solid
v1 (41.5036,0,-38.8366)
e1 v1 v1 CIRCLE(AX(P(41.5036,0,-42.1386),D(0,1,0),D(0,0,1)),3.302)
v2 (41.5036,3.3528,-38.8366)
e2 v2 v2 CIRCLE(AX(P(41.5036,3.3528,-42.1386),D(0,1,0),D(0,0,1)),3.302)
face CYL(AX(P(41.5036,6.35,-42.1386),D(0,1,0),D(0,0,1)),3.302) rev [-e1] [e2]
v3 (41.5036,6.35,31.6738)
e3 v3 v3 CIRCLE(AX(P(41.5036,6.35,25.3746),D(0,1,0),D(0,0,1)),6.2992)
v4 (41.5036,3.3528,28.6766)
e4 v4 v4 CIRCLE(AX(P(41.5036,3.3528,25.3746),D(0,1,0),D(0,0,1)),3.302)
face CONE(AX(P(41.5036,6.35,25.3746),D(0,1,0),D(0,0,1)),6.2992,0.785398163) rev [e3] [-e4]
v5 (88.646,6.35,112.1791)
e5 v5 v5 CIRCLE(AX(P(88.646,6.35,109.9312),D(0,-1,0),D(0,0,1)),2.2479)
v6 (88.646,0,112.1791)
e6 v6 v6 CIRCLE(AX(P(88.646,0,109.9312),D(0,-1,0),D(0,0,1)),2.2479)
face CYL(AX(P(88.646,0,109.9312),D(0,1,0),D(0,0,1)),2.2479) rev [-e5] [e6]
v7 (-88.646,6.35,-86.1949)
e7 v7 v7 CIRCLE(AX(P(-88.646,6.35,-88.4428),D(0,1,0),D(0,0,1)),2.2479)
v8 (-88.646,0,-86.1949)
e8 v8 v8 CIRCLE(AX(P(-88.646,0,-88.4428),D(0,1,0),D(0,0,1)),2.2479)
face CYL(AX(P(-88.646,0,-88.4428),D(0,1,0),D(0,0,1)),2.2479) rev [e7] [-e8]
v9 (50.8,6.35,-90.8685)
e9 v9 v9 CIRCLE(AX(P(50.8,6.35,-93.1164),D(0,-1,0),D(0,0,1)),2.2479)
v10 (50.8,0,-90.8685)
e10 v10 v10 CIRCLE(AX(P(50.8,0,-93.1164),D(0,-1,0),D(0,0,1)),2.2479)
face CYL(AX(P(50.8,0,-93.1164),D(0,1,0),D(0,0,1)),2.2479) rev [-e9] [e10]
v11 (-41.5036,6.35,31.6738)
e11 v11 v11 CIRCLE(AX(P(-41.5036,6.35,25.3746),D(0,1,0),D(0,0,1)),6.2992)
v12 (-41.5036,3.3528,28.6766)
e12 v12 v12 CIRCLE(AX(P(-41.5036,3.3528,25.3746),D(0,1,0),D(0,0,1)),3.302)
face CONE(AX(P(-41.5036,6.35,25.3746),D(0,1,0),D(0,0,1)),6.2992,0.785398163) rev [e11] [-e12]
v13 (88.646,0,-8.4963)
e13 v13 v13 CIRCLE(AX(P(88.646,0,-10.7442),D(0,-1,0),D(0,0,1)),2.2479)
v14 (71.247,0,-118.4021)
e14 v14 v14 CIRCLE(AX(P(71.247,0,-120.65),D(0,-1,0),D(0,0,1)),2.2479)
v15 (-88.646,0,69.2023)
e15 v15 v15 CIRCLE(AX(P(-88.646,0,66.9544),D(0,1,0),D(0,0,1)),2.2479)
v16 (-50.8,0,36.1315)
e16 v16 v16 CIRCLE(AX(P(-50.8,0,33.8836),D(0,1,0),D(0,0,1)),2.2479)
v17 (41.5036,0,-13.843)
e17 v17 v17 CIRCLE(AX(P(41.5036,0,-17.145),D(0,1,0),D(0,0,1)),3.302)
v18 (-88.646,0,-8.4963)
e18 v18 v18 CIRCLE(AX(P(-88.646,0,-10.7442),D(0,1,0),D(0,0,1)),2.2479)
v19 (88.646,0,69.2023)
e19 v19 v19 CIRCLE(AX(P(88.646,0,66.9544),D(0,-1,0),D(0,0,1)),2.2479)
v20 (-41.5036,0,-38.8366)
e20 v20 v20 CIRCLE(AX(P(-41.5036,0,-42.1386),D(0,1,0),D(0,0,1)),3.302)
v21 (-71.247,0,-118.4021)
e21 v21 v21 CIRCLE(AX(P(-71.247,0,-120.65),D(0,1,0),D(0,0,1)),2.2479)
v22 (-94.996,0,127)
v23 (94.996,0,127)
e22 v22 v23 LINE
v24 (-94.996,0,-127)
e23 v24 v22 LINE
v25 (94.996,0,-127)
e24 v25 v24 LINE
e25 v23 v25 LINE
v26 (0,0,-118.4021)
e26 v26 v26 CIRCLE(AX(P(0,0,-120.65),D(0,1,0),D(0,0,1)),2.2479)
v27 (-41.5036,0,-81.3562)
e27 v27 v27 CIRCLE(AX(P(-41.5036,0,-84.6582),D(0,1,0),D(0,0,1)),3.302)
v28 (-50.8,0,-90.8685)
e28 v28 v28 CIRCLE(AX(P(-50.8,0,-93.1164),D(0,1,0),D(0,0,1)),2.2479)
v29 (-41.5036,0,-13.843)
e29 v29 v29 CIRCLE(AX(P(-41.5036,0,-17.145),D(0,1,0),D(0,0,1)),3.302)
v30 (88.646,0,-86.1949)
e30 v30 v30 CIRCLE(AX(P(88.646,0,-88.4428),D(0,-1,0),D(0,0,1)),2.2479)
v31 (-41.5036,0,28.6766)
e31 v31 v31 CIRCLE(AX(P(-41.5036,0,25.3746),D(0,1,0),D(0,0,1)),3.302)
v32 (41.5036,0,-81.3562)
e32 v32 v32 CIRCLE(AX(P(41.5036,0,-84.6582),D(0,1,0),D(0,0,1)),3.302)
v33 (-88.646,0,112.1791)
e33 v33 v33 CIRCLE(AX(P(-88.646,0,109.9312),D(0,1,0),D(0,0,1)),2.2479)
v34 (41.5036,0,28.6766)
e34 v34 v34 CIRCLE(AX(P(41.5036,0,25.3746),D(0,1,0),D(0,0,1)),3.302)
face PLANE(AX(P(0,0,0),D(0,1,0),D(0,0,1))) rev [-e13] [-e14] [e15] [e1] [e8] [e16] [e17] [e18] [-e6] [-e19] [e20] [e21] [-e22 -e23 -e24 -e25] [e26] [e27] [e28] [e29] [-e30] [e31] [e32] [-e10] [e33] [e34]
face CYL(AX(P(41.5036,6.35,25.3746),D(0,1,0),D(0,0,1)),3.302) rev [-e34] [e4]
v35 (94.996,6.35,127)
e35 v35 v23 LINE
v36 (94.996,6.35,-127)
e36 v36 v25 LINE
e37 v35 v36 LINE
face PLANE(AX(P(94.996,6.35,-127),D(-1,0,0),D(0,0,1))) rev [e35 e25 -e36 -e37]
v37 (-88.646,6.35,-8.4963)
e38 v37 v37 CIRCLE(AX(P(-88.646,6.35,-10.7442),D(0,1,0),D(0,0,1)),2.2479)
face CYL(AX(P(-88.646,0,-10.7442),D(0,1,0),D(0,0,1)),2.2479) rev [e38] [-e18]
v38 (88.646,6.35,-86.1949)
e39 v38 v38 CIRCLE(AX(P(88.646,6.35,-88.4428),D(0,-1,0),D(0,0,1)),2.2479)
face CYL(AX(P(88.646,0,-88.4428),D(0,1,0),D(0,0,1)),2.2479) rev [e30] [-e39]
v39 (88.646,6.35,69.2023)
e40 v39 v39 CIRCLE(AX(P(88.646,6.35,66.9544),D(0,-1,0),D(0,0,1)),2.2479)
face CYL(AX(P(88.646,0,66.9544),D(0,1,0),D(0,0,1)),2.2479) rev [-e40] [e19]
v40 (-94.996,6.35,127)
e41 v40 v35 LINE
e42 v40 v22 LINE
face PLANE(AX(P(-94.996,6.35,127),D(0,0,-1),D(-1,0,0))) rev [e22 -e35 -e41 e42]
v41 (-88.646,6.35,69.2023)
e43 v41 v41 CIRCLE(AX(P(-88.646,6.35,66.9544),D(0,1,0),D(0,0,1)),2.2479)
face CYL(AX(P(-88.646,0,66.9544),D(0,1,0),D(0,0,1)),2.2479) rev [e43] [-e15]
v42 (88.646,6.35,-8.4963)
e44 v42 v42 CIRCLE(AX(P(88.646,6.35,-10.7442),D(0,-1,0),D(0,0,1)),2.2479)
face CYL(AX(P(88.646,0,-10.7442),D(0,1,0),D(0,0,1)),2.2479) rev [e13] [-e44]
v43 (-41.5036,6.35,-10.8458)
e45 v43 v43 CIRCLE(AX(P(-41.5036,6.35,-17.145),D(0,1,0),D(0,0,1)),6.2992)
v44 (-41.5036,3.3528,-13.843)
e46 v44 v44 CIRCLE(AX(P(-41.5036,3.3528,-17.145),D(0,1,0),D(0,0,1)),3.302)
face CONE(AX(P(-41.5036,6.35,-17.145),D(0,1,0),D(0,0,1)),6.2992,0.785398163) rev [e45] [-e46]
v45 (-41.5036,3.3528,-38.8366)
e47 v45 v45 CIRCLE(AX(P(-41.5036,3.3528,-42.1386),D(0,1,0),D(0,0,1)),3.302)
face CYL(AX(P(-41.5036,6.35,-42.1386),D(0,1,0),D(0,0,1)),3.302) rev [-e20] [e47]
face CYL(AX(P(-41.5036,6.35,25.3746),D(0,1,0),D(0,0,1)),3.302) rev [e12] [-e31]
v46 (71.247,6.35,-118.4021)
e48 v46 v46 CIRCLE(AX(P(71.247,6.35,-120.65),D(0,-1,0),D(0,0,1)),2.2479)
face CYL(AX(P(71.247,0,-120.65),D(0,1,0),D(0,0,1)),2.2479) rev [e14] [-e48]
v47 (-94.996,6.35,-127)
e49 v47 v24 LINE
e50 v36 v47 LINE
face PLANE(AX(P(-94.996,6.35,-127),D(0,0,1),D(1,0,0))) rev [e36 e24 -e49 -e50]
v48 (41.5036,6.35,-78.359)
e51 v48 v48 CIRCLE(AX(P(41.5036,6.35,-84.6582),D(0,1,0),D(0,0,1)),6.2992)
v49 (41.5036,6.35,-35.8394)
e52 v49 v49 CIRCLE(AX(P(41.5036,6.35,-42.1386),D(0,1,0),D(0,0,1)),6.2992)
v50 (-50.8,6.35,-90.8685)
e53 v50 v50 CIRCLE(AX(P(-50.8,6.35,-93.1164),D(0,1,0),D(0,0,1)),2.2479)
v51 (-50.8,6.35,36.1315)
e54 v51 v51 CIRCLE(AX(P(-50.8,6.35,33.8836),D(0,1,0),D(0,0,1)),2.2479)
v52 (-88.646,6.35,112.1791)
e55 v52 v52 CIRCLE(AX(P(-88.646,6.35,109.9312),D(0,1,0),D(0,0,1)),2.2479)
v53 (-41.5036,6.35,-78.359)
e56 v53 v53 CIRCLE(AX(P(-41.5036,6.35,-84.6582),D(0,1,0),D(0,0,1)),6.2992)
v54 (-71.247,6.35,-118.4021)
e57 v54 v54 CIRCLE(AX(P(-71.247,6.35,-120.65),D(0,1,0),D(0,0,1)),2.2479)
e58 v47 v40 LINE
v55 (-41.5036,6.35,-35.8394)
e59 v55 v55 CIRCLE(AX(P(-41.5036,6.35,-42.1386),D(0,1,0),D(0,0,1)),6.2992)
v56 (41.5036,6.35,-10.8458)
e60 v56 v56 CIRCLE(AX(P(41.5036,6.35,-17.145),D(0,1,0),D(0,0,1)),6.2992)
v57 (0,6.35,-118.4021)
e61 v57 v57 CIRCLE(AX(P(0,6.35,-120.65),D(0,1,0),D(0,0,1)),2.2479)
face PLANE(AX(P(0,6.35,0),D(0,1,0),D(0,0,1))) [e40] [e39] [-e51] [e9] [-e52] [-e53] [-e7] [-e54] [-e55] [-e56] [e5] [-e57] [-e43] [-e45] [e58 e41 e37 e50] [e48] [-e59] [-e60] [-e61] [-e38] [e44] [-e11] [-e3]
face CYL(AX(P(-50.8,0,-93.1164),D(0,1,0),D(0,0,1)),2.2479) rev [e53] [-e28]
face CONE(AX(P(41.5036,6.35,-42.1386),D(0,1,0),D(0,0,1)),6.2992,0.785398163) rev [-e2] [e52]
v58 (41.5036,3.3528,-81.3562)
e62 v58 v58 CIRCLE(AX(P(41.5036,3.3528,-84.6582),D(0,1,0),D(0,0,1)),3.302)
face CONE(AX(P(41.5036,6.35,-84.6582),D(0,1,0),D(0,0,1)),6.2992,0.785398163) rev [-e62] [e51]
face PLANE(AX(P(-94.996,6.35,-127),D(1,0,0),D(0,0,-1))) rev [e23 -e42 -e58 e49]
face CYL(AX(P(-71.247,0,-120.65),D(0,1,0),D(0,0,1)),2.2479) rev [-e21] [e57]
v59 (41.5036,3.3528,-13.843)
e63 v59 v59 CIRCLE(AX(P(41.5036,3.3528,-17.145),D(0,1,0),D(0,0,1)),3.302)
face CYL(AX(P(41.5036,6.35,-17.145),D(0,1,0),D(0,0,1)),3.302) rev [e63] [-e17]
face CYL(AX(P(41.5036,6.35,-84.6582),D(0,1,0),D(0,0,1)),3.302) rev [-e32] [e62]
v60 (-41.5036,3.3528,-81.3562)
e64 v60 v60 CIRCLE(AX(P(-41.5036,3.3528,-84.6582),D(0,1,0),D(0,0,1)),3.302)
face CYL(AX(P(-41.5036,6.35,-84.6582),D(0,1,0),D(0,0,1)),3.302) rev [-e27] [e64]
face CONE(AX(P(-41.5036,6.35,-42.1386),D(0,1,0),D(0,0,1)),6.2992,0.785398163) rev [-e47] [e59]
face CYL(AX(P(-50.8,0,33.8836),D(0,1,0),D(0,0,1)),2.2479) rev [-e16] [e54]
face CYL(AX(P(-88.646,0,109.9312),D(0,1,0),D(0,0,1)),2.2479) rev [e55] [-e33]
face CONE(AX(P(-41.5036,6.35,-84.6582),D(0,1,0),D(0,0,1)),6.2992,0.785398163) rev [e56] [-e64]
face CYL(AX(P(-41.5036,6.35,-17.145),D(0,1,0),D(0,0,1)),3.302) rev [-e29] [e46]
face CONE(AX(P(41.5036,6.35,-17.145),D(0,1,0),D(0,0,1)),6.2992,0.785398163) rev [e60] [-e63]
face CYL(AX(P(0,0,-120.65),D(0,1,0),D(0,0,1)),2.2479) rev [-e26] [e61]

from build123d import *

# Parameters (mm, degrees)
SKETCH1_W                                    = 189.992
SKETCH1_H                                    = 254
BOSS_EXTRUDE1_DEPTH                          = 6.35
SKETCH3_R                                    = 2.2479
CUT_EXTRUDE1_DEPTH                           = 7.35
SKETCH4_R                                    = 2.2479
CUT_EXTRUDE2_DEPTH                           = 7.35
CSK_FOR_M6_COUNTERSUNK_FLAT_HEAD_SCR_2_COUNT = 2
CSK_FOR_M6_COUNTERSUNK_FLAT_HEAD_SCR_2_PITCH = 42.5196
CSK_FOR_M6_COUNTERSUNK_FLAT_HEAD_SCR_3_COUNT = 2
CSK_FOR_M6_COUNTERSUNK_FLAT_HEAD_SCR_3_PITCH = 24.9936
CSK_FOR_M6_COUNTERSUNK_FLAT_HEAD_SCR_4_COUNT = 2
CSK_FOR_M6_COUNTERSUNK_FLAT_HEAD_SCR_4_PITCH = 67.5132


with BuildPart() as part:
    # Sketch1 → Boss-Extrude1 (new body)
    with BuildSketch(Plane(origin=(0, 0, 0), x_dir=(1, 0, 0), z_dir=(0, 1, 0))):
        Rectangle(SKETCH1_W, SKETCH1_H)
    extrude(amount=BOSS_EXTRUDE1_DEPTH)

    # Sketch3 → Cut-Extrude1 (cut, through all)
    with BuildSketch(Plane(origin=(0, 6.35, 0), x_dir=(1, 0, 0), z_dir=(0, 1, 0))):
        with Locations((-88.646, -109.9312)):
            Circle(SKETCH3_R)
        with Locations((-88.646, -66.9544)):
            Circle(SKETCH3_R)
        with Locations((-88.646, 10.7442)):
            Circle(SKETCH3_R)
        with Locations((-88.646, 88.4428)):
            Circle(SKETCH3_R)
        with Locations((-50.8, 93.1164)):
            Circle(SKETCH3_R)
        with Locations((-71.247, 120.65)):
            Circle(SKETCH3_R)
        with Locations((0, 120.65)):
            Circle(SKETCH3_R)
    cut_extrude1 = extrude(amount=-CUT_EXTRUDE1_DEPTH, mode=Mode.SUBTRACT)

    # Mirror1: Cut-Extrude1 across plane
    add(cut_extrude1.mirror(Plane(origin=(0, 0, 0), x_dir=(0, 0, 1), z_dir=(1, 0, 0))), mode=Mode.SUBTRACT)

    # Sketch4 → Cut-Extrude2 (cut, through all)
    with BuildSketch(Plane(origin=(0, 6.35, 0), x_dir=(1, 0, 0), z_dir=(0, 1, 0))):
        with Locations((-50.8, -33.8836)):
            Circle(SKETCH4_R)
    extrude(amount=-CUT_EXTRUDE2_DEPTH, mode=Mode.SUBTRACT)

    # Sketch7 → CSK for M6 Countersunk Flat Head Screw1 (revolve, cut)
    with BuildSketch(Plane(origin=(-41.5036, 6.35, -17.145), x_dir=(0, 0, 1), z_dir=(1, 0, 0))):
        Polygon((0, 0), (0, 46.984041764), (3.302, 45), (3.302, 2.9972), (6.2992, 0), align=None)
    csk_for_m6_countersunk_flat_head_screw1 = revolve(axis=Axis((-41.5036, 12.7, -17.145), (0, -1, 0)), mode=Mode.SUBTRACT)

    # CSK for M6 Countersunk Flat Head Scr 2: CSK for M6 Countersunk Flat Head Screw1 ×2
    with Locations(*[(0, 0, i * CSK_FOR_M6_COUNTERSUNK_FLAT_HEAD_SCR_2_PITCH) for i in range(1, CSK_FOR_M6_COUNTERSUNK_FLAT_HEAD_SCR_2_COUNT)]):
        add(csk_for_m6_countersunk_flat_head_screw1, mode=Mode.SUBTRACT)

    # CSK for M6 Countersunk Flat Head Scr 3: CSK for M6 Countersunk Flat Head Screw1 ×2
    with Locations(*[(0, 0, -i * CSK_FOR_M6_COUNTERSUNK_FLAT_HEAD_SCR_3_PITCH) for i in range(1, CSK_FOR_M6_COUNTERSUNK_FLAT_HEAD_SCR_3_COUNT)]):
        add(csk_for_m6_countersunk_flat_head_screw1, mode=Mode.SUBTRACT)

    # CSK for M6 Countersunk Flat Head Scr 4: CSK for M6 Countersunk Flat Head Screw1 ×2
    with Locations(*[(0, 0, -i * CSK_FOR_M6_COUNTERSUNK_FLAT_HEAD_SCR_4_PITCH) for i in range(1, CSK_FOR_M6_COUNTERSUNK_FLAT_HEAD_SCR_4_COUNT)]):
        add(csk_for_m6_countersunk_flat_head_screw1, mode=Mode.SUBTRACT)

    # Mirror2: CSK for M6 Countersunk Flat Head Screw1 across plane
    add(csk_for_m6_countersunk_flat_head_screw1.mirror(Plane(origin=(0, 0, 0), x_dir=(0, 0, 1), z_dir=(1, 0, 0))), mode=Mode.SUBTRACT)

    # Mirror2 copy 1 sketch → Mirror2 copy 1 (revolve, cut)
    with BuildSketch(Plane(origin=(41.5036, 6.35, 25.3746), x_dir=(0, 0, 1), z_dir=(-1, 0, 0))):
        Polygon((0, 0), (0, -46.984041764), (3.302, -45), (3.302, -2.9972), (6.2992, 0), align=None)
    revolve(axis=Axis((41.5036, 12.7, 25.3746), (0, 1, 0)), mode=Mode.SUBTRACT)

    # Mirror2 copy 2 sketch → Mirror2 copy 2 (revolve, cut)
    with BuildSketch(Plane(origin=(41.5036, 6.35, -42.1386), x_dir=(0, 0, 1), z_dir=(-1, 0, 0))):
        Polygon((0, 0), (0, -46.984041764), (3.302, -45), (3.302, -2.9972), (6.2992, 0), align=None)
    revolve(axis=Axis((41.5036, 12.7, -42.1386), (0, 1, 0)), mode=Mode.SUBTRACT)

    # Mirror2 copy 3 sketch → Mirror2 copy 3 (revolve, cut)
    with BuildSketch(Plane(origin=(41.5036, 6.35, -84.6582), x_dir=(0, 0, 1), z_dir=(-1, 0, 0))):
        Polygon((0, 0), (0, -46.984041764), (3.302, -45), (3.302, -2.9972), (6.2992, 0), align=None)
    revolve(axis=Axis((41.5036, 12.7, -84.6582), (0, 1, 0)), mode=Mode.SUBTRACT)


solid = part.part
